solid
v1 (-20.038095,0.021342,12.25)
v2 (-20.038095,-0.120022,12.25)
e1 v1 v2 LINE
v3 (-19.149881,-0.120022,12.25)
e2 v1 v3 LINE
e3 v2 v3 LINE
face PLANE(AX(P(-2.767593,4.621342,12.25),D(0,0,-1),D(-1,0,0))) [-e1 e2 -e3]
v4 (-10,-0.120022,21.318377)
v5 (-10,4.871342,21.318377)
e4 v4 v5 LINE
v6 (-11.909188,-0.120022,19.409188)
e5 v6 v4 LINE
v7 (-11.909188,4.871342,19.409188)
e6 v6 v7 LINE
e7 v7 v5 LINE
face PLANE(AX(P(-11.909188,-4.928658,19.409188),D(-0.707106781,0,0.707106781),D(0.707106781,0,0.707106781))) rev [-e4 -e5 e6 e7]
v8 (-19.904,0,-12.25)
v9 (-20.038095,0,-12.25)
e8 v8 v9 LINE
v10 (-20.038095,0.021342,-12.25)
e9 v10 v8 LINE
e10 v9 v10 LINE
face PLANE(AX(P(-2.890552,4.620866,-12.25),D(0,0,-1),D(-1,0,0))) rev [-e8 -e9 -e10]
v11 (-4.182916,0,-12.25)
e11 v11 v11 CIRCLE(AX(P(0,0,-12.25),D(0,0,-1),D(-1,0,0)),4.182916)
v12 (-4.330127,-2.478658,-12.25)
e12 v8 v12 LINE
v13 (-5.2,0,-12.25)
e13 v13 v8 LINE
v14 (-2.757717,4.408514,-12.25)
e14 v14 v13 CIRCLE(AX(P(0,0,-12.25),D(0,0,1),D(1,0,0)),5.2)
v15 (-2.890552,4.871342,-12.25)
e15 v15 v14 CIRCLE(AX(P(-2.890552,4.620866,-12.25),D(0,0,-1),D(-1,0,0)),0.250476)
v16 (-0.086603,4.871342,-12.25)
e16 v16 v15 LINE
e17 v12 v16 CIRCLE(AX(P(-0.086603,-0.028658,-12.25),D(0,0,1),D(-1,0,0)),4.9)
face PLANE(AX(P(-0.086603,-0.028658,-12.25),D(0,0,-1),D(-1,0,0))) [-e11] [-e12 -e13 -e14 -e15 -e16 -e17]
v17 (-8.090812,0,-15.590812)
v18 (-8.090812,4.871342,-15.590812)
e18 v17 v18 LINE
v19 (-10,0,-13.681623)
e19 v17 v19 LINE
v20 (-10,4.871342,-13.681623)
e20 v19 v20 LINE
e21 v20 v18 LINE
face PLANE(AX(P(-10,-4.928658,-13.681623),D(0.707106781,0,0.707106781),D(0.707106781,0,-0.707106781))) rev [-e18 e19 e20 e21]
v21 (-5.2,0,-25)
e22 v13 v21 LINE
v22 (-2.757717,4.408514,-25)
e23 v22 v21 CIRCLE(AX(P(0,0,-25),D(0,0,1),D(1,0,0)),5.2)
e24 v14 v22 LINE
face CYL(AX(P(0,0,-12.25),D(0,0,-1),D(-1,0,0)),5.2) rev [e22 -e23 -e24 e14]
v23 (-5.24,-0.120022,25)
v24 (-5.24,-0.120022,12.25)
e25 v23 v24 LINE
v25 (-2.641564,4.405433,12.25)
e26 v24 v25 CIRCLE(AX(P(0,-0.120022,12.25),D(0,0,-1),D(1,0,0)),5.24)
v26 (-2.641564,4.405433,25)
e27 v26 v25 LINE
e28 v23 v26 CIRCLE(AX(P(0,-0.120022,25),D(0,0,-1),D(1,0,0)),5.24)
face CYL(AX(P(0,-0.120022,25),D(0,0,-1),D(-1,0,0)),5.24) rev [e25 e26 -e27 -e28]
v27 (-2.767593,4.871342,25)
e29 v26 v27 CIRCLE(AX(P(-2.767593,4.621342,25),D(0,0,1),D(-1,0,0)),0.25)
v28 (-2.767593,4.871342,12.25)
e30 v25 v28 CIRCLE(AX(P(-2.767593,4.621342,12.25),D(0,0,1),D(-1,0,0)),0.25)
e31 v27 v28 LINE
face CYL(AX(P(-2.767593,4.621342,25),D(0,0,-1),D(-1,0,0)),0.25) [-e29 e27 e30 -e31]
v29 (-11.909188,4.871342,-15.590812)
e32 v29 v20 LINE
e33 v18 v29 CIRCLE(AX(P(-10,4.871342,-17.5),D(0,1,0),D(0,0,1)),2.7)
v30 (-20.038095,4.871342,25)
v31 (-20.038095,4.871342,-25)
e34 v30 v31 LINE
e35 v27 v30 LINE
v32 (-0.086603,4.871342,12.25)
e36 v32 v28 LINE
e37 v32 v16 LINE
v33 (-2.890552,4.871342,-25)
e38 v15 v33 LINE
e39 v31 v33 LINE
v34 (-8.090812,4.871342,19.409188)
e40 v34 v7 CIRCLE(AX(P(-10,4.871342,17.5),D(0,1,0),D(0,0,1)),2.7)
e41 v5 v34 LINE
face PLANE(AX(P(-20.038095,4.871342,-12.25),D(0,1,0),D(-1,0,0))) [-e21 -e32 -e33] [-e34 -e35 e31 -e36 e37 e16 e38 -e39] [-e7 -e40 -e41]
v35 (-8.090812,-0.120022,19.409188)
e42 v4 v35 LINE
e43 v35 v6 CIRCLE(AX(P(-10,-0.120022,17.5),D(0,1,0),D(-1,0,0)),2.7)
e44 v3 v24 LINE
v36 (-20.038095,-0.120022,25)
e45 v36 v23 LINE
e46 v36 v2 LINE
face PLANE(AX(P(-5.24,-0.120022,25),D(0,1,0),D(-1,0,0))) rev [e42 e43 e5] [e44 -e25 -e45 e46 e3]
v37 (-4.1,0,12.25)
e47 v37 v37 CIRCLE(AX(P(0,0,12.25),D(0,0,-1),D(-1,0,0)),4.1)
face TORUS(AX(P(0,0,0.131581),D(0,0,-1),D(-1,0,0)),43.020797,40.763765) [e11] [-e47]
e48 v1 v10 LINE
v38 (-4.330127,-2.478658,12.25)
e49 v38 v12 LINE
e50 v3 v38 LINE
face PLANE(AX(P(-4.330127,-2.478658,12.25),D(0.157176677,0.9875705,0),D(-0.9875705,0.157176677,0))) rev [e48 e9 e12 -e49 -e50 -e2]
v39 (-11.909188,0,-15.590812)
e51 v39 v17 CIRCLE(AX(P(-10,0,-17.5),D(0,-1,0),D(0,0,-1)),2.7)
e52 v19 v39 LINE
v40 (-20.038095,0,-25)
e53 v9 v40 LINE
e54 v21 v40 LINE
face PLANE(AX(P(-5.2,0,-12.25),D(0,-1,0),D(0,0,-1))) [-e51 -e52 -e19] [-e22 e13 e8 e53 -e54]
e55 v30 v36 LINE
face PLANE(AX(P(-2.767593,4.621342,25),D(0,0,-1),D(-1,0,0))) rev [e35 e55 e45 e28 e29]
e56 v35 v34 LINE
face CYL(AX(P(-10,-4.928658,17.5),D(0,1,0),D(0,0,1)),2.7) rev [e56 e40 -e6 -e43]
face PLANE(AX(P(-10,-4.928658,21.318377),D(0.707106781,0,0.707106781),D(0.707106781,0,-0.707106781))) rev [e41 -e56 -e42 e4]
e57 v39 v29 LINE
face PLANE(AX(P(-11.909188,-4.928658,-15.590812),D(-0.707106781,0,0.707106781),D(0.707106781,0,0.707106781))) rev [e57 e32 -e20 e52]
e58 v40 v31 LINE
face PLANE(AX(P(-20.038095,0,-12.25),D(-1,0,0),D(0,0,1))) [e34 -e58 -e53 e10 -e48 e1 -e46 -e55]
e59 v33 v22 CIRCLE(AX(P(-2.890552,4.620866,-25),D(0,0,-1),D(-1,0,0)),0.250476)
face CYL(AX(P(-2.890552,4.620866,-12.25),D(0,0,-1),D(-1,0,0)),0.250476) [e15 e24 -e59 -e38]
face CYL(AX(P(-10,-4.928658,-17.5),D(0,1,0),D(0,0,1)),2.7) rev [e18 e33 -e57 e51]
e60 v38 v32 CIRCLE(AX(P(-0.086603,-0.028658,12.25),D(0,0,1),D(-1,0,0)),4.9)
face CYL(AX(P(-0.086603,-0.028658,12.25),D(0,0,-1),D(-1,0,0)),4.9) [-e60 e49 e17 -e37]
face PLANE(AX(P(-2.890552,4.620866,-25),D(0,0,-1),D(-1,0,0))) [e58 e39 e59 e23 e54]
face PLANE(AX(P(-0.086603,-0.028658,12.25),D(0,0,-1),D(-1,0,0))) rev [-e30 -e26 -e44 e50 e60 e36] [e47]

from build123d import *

# Parameters (mm, degrees)
BOSS_EXTRUDE1_DEPTH = 12.75
BOSS_EXTRUDE2_DEPTH = 24.5
BOSS_EXTRUDE3_DEPTH = 12.75
CUT_EXTRUDE1_DEPTH  = 34.504705063
CUT_EXTRUDE2_DEPTH  = 34.504705063


with BuildPart() as part:
    # Sketch1 → Boss-Extrude1 (new body)
    with BuildSketch(Plane(origin=(0, 0, -25), x_dir=(-1, 0, 0), z_dir=(0, 0, -1))):
        with BuildLine():
            Line((5.2, 0), (20.038095252, 0))
            Line((20.038095252, 0), (20.038095252, 4.871341922))
            Line((20.038095252, 4.871341922), (2.890551941, 4.871341922))
            ThreePointArc((2.890551941, 4.871341922), (2.649795512, 4.689964666), (2.757716863, 4.408514229))
            ThreePointArc((2.757716863, 4.408514229), (4.548633184, 2.519907966), (5.2, 0))
        make_face()
    extrude(amount=-BOSS_EXTRUDE1_DEPTH)

    # Sketch2 → Boss-Extrude2 (add)
    with BuildSketch(Plane.XY.offset(-12.25)):
        with BuildLine():
            Line((-20.038095252, 4.871341922), (-0.08660254, 4.871341922))
            ThreePointArc((-0.08660254, 4.871341922), (4.156921938, -2.478658078), (-4.330127019, -2.478658078))
            Line((-4.330127019, -2.478658078), (-20.038095252, 0.021341922))
            Line((-20.038095252, 0.021341922), (-20.038095252, 4.871341922))
        make_face()
    extrude(amount=BOSS_EXTRUDE2_DEPTH)

    # Sketch3 → Boss-Extrude3 (add)
    with BuildSketch(Plane.XY.offset(12.25)):
        with BuildLine():
            Line((-20.038095252, 4.871341922), (-2.767593084, 4.871341922))
            ThreePointArc((-2.767593084, 4.871341922), (-2.52626626, 4.686621046), (-2.641564255, 4.405432834))
            ThreePointArc((-2.641564255, 4.405432834), (-4.544193916, 2.489173945), (-5.24, -0.12002165))
            Line((-5.24, -0.12002165), (-20.038095252, -0.12002165))
            Line((-20.038095252, -0.12002165), (-20.038095252, 4.871341922))
        make_face()
    extrude(amount=BOSS_EXTRUDE3_DEPTH)

    # Sketch4 → Cut-Extrude1 (cut, through all)
    with BuildSketch(Plane(origin=(0, 4.871341922, 0), x_dir=(-1, 0, 0), z_dir=(0, 1, 0))):
        with BuildLine():
            Line((10, -13.681623382), (8.090811691, -15.590811691))
            ThreePointArc((8.090811691, -15.590811691), (10, -20.2), (11.909188309, -15.590811691))
            Line((11.909188309, -15.590811691), (10, -13.681623382))
        make_face()
    extrude(amount=-CUT_EXTRUDE1_DEPTH, mode=Mode.SUBTRACT)

    # Sketch5 → Cut-Extrude2 (cut, through all)
    with BuildSketch(Plane(origin=(0, 4.871341922, 0), x_dir=(-1, 0, 0), z_dir=(0, 1, 0))):
        with BuildLine():
            Line((10, 21.318376618), (8.090811691, 19.409188309))
            ThreePointArc((8.090811691, 19.409188309), (10, 14.8), (11.909188309, 19.409188309))
            Line((11.909188309, 19.409188309), (10, 21.318376618))
        make_face()
    extrude(amount=-CUT_EXTRUDE2_DEPTH, mode=Mode.SUBTRACT)

    # Sketch6 → Cut-Revolve1 (revolve, cut)
    with BuildSketch(Plane.XZ, mode=Mode.PRIVATE) as cut_revolve1_sk:
        with BuildLine():
            Line((4.1, 12.25), (0, 12.25))
            Line((0, 12.25), (0, -12.25))
            Line((0, -12.25), (4.182916362, -12.25))
            ThreePointArc((4.182916362, -12.25), (2.257265667, -0.006376751), (4.1, 12.25))
        make_face()
    revolve(cut_revolve1_sk.sketch.rotate(Axis((0, 0, 12.25), (0, 0, -1)), 180), axis=Axis((0, 0, 12.25), (0, 0, -1)), mode=Mode.SUBTRACT)


solid = part.part
